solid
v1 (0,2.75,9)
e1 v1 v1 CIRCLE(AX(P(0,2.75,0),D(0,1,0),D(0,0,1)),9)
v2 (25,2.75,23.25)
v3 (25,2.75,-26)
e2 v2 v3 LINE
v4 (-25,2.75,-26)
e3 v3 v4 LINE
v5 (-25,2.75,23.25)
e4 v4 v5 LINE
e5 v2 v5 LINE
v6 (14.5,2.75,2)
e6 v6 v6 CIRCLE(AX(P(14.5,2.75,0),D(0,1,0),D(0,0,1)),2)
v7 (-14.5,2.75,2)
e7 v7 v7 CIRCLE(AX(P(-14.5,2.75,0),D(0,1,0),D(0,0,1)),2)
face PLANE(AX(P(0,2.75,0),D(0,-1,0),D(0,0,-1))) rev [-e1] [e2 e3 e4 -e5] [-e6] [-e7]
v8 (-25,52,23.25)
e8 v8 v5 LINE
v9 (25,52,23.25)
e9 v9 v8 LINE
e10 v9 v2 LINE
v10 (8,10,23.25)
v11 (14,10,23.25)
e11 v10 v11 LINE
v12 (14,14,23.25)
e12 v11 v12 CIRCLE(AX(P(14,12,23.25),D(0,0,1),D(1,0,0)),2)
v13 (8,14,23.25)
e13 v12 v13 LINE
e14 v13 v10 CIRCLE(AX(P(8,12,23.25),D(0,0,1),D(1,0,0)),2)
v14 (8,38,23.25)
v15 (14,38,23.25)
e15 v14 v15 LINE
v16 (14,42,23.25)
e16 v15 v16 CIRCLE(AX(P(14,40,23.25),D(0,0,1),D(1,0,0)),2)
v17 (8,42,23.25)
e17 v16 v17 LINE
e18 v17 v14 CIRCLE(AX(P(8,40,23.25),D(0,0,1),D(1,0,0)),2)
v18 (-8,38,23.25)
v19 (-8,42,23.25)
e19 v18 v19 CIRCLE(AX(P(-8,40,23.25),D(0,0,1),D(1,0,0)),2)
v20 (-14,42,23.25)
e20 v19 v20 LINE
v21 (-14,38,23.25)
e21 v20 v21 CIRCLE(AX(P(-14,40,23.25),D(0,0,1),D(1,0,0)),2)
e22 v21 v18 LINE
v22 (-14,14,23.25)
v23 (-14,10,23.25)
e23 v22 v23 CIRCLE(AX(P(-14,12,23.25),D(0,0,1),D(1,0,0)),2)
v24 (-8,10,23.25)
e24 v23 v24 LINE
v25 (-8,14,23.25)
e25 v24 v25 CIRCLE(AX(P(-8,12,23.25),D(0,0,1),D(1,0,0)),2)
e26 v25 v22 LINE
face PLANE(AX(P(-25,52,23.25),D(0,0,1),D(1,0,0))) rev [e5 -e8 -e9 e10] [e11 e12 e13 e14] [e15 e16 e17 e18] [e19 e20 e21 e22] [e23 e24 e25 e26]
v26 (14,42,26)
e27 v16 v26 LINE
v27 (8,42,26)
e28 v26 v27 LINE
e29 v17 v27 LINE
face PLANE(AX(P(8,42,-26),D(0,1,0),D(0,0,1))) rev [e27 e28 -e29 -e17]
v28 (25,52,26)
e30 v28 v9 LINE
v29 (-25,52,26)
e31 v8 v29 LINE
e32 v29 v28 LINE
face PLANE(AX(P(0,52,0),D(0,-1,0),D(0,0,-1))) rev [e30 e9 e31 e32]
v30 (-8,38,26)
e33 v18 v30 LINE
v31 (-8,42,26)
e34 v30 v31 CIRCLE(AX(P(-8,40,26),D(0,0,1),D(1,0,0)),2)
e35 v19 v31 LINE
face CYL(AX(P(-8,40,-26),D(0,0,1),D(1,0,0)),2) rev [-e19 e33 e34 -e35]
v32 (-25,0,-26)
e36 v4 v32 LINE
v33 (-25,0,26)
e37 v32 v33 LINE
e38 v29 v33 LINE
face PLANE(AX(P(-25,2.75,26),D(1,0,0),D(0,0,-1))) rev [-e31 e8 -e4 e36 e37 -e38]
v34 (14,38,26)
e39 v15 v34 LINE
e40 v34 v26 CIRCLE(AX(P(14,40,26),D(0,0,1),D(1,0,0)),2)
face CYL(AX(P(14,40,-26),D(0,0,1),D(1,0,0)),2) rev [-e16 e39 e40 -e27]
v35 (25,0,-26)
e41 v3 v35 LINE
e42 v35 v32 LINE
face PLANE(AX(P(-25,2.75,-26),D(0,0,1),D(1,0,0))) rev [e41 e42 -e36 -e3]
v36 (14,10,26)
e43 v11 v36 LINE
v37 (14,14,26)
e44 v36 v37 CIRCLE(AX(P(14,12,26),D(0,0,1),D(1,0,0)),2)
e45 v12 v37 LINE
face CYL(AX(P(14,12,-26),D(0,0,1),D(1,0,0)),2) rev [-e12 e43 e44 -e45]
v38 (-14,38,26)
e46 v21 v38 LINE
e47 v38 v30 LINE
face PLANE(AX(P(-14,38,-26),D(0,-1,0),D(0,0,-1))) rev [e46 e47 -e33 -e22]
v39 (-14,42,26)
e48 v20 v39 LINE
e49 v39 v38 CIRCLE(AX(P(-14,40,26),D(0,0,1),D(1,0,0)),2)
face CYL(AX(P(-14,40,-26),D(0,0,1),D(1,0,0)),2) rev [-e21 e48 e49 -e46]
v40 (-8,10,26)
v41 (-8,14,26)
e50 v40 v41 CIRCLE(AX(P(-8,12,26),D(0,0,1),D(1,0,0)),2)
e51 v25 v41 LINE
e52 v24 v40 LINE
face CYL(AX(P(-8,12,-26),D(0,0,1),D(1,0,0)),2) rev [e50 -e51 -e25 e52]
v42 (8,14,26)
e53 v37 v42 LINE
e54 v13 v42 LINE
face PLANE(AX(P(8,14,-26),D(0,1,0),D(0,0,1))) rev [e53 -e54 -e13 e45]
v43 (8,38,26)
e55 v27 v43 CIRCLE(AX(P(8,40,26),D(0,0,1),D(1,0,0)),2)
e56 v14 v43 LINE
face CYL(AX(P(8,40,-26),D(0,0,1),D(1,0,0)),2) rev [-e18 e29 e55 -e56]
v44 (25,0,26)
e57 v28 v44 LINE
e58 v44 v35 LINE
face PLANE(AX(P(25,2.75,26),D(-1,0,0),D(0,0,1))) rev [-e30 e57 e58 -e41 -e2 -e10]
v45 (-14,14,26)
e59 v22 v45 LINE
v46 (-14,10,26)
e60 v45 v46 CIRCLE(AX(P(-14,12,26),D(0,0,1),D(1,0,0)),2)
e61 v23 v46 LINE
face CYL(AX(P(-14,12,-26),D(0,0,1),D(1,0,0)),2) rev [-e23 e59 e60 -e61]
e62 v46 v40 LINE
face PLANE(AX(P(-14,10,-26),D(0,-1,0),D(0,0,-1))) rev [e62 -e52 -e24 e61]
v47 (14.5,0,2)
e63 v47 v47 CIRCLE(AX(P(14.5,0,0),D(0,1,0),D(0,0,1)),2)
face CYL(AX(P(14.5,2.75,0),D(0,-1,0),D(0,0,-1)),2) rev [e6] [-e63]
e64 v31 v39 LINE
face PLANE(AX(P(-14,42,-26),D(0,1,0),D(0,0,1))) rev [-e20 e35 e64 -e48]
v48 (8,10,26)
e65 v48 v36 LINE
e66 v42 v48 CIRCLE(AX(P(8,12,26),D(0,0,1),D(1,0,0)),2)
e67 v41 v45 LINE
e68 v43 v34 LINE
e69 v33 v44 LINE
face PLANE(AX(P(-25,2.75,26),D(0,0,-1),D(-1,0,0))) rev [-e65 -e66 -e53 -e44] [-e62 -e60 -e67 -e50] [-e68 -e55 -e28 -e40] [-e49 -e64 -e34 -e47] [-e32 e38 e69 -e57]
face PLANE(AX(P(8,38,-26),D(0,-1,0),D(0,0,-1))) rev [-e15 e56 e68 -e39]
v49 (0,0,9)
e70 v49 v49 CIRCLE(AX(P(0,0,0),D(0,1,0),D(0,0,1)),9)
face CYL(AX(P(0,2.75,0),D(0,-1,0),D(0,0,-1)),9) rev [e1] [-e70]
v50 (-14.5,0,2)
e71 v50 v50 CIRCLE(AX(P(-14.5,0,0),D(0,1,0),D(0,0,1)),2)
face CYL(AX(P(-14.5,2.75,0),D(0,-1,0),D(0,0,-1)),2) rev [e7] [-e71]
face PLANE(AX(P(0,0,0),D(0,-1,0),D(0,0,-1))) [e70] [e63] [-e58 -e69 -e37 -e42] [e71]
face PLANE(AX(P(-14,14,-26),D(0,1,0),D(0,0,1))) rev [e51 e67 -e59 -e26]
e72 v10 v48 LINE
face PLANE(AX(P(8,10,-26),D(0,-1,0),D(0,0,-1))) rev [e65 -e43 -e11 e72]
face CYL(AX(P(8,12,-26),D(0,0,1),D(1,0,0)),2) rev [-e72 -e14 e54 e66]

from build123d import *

# Parameters (mm, degrees)
SKETCH1_W           = 50
SKETCH1_H           = 52
SKETCH1_R           = 9
SKETCH1_R_2         = 2
BOSS_EXTRUDE1_DEPTH = 2.75
SKETCH2_W           = 50
SKETCH2_H           = 2.75
BOSS_EXTRUDE2_DEPTH = 52
CUT_EXTRUDE1_DEPTH  = 78.672388917


with BuildPart() as part:
    # Sketch1 → Boss-Extrude1 (new body)
    with BuildSketch(Plane(origin=(0, 0, 0), x_dir=(1, 0, 0), z_dir=(0, 1, 0))):
        Rectangle(SKETCH1_W, SKETCH1_H)
        with Locations(Location((0, 0, 0), (0, 0, 270))):
            Circle(SKETCH1_R, mode=Mode.SUBTRACT)
        with Locations(Location((-14.5, 0, 0), (0, 0, 270))):
            Circle(SKETCH1_R_2, mode=Mode.SUBTRACT)
        with Locations(Location((14.5, 0, 0), (0, 0, 270))):
            Circle(SKETCH1_R_2, mode=Mode.SUBTRACT)
    extrude(amount=BOSS_EXTRUDE1_DEPTH)

    # Sketch2 → Boss-Extrude2 (add)
    with BuildSketch(Plane(origin=(0, 0, 0), x_dir=(1, 0, 0), z_dir=(0, 1, 0))):
        with Locations((0, -24.625)):
            Rectangle(SKETCH2_W, SKETCH2_H)
    extrude(amount=BOSS_EXTRUDE2_DEPTH)

    # Sketch4 → Cut-Extrude1 (cut, through all)
    with BuildSketch(Plane.XY.offset(26)):
        with BuildLine():
            Line((-14, 14), (-8, 14))
            ThreePointArc((-8, 14), (-6, 12), (-8, 10))
            Line((-8, 10), (-14, 10))
            ThreePointArc((-14, 10), (-16, 12), (-14, 14))
        make_face()
        with BuildLine():
            Line((8, 14), (14, 14))
            ThreePointArc((14, 14), (16, 12), (14, 10))
            Line((14, 10), (8, 10))
            ThreePointArc((8, 10), (6, 12), (8, 14))
        make_face()
        with BuildLine():
            Line((8, 42), (14, 42))
            ThreePointArc((14, 42), (16, 40), (14, 38))
            Line((14, 38), (8, 38))
            ThreePointArc((8, 38), (6, 40), (8, 42))
        make_face()
        with BuildLine():
            Line((-14, 42), (-8, 42))
            ThreePointArc((-8, 42), (-6, 40), (-8, 38))
            Line((-8, 38), (-14, 38))
            ThreePointArc((-14, 38), (-16, 40), (-14, 42))
        make_face()
    extrude(amount=-CUT_EXTRUDE1_DEPTH, mode=Mode.SUBTRACT)


solid = part.part
